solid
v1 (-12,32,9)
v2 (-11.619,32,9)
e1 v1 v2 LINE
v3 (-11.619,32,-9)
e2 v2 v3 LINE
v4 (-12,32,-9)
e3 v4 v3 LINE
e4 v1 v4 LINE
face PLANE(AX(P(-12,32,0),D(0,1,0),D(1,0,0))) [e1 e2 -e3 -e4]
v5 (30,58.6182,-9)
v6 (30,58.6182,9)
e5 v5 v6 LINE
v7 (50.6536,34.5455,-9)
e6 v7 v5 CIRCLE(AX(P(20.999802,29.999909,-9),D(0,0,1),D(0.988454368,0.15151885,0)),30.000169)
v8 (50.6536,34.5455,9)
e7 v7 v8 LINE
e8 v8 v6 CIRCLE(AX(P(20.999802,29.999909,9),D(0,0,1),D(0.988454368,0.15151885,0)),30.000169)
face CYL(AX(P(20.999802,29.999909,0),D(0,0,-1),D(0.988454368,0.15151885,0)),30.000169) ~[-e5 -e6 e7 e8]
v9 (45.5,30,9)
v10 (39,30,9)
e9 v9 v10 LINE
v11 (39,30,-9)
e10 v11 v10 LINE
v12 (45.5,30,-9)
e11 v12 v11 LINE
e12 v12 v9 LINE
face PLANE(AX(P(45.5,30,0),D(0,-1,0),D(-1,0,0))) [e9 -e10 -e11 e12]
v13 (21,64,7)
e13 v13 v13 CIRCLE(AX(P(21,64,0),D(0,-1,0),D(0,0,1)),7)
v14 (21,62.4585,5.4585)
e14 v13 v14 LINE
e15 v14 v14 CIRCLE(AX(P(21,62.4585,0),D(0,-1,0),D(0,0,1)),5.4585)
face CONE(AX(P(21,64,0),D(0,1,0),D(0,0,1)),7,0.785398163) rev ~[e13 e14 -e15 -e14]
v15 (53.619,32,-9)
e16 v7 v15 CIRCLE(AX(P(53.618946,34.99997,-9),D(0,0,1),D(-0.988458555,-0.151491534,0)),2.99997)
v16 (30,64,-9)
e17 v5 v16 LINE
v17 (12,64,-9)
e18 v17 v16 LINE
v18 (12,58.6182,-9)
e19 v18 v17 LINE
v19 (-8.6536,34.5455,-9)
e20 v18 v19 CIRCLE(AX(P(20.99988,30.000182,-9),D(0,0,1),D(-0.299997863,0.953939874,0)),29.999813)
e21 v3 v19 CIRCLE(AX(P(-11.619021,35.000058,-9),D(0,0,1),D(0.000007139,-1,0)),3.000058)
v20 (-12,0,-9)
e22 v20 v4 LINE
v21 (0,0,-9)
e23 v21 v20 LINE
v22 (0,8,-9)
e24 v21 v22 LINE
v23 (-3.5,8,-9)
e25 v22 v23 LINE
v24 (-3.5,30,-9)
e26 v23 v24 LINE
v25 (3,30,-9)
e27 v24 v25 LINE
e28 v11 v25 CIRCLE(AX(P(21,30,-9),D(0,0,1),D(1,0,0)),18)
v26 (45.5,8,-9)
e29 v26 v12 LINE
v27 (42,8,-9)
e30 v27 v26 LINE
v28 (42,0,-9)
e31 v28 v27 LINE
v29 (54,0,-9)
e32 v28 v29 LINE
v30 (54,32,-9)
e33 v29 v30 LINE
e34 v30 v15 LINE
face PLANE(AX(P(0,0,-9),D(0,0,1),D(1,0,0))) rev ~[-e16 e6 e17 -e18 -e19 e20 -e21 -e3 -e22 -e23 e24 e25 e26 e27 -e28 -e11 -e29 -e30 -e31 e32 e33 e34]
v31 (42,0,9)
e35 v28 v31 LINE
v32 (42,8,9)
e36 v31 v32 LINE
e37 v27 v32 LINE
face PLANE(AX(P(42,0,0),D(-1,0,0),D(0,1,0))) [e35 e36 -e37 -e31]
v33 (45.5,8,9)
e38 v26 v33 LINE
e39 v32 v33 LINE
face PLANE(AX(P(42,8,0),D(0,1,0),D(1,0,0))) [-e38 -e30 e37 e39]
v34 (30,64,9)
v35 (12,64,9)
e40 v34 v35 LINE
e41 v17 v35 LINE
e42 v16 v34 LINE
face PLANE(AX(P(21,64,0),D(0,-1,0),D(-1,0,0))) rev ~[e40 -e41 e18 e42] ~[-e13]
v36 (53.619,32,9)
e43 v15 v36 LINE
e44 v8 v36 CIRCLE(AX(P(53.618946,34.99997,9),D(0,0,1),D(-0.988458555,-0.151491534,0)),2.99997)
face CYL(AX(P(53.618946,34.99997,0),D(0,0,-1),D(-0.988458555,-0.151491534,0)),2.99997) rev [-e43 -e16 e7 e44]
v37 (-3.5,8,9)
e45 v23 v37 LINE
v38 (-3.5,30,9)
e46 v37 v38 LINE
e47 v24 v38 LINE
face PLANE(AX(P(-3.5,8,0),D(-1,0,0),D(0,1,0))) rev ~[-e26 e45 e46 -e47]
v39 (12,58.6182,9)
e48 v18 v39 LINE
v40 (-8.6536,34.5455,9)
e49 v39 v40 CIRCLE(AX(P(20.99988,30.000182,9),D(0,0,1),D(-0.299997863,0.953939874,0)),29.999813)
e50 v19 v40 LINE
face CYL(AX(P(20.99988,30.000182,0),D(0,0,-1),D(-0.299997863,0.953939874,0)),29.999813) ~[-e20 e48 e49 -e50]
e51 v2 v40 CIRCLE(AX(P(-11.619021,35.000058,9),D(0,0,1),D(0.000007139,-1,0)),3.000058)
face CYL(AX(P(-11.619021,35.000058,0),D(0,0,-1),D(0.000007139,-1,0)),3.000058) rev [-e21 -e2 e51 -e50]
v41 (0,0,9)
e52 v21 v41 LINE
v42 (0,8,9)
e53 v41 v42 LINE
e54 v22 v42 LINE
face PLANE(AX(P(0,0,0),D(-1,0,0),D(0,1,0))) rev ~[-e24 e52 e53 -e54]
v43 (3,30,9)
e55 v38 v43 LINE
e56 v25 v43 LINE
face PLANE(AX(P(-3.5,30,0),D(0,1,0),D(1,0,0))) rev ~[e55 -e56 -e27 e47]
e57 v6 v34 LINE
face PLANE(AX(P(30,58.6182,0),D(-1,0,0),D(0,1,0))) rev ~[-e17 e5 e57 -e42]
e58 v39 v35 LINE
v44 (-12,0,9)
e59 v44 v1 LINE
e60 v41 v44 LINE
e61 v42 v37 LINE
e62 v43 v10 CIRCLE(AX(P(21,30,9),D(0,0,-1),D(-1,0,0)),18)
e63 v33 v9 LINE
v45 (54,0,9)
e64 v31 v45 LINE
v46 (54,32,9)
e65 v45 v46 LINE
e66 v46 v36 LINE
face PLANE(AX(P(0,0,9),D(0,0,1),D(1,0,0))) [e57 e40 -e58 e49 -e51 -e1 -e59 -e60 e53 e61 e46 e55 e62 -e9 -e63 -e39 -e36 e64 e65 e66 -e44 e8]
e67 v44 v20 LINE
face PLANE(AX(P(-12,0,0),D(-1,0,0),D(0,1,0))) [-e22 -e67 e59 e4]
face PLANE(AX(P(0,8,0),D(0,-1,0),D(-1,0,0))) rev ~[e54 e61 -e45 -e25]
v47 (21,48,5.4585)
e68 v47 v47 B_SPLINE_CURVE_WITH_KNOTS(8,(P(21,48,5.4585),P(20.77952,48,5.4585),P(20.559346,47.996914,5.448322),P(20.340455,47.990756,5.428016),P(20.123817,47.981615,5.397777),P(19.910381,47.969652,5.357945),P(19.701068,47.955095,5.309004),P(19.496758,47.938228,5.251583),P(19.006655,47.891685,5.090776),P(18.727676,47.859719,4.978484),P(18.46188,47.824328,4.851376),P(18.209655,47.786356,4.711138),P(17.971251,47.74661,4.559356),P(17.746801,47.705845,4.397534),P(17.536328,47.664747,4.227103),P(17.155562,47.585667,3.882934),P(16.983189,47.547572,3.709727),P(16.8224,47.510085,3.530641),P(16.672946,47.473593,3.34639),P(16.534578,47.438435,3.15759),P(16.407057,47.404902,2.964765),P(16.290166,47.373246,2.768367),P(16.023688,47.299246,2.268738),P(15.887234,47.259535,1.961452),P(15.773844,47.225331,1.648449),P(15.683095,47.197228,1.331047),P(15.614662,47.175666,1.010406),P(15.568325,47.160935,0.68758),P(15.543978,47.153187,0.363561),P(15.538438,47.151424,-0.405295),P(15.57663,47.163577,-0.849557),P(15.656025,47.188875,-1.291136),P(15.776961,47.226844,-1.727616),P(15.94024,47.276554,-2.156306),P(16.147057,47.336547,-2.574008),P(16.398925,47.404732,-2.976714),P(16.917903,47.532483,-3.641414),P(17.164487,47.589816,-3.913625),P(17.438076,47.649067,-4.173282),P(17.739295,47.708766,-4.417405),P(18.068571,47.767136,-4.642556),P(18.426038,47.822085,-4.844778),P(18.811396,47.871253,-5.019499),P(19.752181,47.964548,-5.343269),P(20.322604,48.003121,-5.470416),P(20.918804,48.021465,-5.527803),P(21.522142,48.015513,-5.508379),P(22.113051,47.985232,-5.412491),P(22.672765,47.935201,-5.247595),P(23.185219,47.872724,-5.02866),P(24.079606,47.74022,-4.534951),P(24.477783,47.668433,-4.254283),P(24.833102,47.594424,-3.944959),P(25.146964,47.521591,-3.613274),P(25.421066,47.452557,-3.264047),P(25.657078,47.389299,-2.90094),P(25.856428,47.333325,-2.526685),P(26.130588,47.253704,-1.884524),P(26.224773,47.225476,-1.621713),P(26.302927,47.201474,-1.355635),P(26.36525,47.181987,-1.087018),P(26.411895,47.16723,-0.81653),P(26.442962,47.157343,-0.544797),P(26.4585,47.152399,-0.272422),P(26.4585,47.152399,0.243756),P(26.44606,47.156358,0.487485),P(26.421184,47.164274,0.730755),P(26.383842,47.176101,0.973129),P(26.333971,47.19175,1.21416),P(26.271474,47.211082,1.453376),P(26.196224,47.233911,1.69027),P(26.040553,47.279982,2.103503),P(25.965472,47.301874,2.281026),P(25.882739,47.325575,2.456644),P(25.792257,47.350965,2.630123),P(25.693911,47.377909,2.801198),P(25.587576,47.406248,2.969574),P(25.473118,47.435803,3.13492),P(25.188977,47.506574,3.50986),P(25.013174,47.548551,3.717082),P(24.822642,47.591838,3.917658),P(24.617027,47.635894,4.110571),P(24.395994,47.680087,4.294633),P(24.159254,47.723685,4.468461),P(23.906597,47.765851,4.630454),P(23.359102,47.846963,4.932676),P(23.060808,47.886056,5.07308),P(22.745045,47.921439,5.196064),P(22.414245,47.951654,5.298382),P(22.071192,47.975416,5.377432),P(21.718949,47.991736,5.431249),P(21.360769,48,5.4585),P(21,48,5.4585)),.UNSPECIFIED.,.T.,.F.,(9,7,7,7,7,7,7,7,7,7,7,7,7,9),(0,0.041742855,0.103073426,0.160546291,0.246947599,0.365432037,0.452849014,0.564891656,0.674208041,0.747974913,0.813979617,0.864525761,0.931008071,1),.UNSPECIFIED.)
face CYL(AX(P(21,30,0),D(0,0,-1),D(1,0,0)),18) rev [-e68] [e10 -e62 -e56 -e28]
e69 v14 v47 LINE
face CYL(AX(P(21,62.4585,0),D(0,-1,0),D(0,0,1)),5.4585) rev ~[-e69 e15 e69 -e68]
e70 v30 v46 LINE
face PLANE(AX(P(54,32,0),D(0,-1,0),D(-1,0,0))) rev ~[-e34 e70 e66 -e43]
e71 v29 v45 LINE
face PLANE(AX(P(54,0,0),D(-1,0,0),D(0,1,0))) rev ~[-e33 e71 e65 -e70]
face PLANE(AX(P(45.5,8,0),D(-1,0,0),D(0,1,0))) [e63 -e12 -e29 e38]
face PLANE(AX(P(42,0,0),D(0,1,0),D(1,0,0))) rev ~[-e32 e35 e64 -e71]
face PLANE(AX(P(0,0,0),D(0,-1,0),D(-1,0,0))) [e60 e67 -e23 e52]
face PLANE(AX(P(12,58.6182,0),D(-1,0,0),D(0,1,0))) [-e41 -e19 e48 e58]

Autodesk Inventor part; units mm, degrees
ref_plane "YZ Plane" through (0, 0, 0) normal (1, 0, 0) x (0, 1, 0)
ref_plane "XZ Plane" through (0, 0, 0) normal (0, 1, 0) x (-1, 0, 0)
ref_plane "XY Plane" through (0, 0, 0) normal (0, 0, 1) x (1, 0, 0)
sketch "Sketch1" plane through (0, 0, 0) normal (0, 0, 1) x (1, 0, 0)
  line L0 (0, 0) -> (-12, 0)
  line L1 (-12, 0) -> (-12, 32)
  line L2 (0, 0) -> (0, 8)
  line L3 (0, 8) -> (-3.5, 8)
  line L4 (-3.5, 8) -> (-3.5, 30)
  line L5 (-3.5, 30) -> (3, 30)
  line L6 (-12, 32) -> (-11.619, 32)
  arc A0 (-11.619, 32) -> (-8.6536, 34.5455) centre (-11.619, 35) ccw
  arc A1 (39, 30) -> (3, 30) centre (21, 30) ccw
  line L7 (3, 30) -> (-3.5, 30)
  line L8 (-3.5, 30) -> (3, 30)
  line L9 (12, 45.5885) -> (12, 64)
  line L10 (21, 64) -> (12, 64)
  line L11 (42, 0) -> (54, 0)
  line L12 (54, 0) -> (54, 32)
  line L13 (42, 0) -> (42, 8)
  line L14 (42, 8) -> (45.5, 8)
  line L15 (45.5, 8) -> (45.5, 30)
  line L16 (45.5, 30) -> (39, 30)
  line L17 (54, 32) -> (53.619, 32)
  arc A2 (50.6536, 34.5455) -> (53.619, 32) centre (53.619, 35) ccw
  arc A3 (39, 30) -> (3, 30) centre (21, 30) ccw
  line L18 (39, 30) -> (45.5, 30)
  line L19 (45.5, 30) -> (39, 30)
  line L20 (30, 45.5885) -> (30, 64)
  line L21 (21, 64) -> (30, 64)
  arc A4 (50.6536, 34.5455) -> (30, 58.6182) centre (21, 30) ccw
  arc A5 (12, 58.6182) -> (-8.6536, 34.5455) centre (21, 30) ccw
  arc A6 (50.6536, 34.5455) -> (30, 58.6182) centre (21, 30) ccw
  arc A7 (12, 58.6182) -> (-8.6536, 34.5455) centre (21, 30) ccw
  point P0 (51, 30)
  point P1 (12, 30)
  point P2 (-9, 30)
  point P3 (30, 30)
  point P4 (39, 30)
extrude "Extrusion1" add sketch "Sketch1" along normal mid plane 18
sketch "Sketch2" plane through (12, 64, 9) normal (0, 1, 0) x (1, 0, 0)
  line L0 (0, 18) -> (0, 0)
  line L1 (0, 0) -> (9, 0)
  line L2 (27, 0) -> (-9, 0)
  line L3 (9, 0) -> (9, 9)
  point P0 (-12, 9)
  dimension "d17" = 9
  dimension "d18" = 9
hole "Hole1" at (21, 64, 0) direction (0, -1, 0) diameter 10.917 depth 29.1 countersink diameter 14 countersink angle 90 thread size "M12x1" class "6H" standard "ISO Metric profile"
properties part number "picovina"
